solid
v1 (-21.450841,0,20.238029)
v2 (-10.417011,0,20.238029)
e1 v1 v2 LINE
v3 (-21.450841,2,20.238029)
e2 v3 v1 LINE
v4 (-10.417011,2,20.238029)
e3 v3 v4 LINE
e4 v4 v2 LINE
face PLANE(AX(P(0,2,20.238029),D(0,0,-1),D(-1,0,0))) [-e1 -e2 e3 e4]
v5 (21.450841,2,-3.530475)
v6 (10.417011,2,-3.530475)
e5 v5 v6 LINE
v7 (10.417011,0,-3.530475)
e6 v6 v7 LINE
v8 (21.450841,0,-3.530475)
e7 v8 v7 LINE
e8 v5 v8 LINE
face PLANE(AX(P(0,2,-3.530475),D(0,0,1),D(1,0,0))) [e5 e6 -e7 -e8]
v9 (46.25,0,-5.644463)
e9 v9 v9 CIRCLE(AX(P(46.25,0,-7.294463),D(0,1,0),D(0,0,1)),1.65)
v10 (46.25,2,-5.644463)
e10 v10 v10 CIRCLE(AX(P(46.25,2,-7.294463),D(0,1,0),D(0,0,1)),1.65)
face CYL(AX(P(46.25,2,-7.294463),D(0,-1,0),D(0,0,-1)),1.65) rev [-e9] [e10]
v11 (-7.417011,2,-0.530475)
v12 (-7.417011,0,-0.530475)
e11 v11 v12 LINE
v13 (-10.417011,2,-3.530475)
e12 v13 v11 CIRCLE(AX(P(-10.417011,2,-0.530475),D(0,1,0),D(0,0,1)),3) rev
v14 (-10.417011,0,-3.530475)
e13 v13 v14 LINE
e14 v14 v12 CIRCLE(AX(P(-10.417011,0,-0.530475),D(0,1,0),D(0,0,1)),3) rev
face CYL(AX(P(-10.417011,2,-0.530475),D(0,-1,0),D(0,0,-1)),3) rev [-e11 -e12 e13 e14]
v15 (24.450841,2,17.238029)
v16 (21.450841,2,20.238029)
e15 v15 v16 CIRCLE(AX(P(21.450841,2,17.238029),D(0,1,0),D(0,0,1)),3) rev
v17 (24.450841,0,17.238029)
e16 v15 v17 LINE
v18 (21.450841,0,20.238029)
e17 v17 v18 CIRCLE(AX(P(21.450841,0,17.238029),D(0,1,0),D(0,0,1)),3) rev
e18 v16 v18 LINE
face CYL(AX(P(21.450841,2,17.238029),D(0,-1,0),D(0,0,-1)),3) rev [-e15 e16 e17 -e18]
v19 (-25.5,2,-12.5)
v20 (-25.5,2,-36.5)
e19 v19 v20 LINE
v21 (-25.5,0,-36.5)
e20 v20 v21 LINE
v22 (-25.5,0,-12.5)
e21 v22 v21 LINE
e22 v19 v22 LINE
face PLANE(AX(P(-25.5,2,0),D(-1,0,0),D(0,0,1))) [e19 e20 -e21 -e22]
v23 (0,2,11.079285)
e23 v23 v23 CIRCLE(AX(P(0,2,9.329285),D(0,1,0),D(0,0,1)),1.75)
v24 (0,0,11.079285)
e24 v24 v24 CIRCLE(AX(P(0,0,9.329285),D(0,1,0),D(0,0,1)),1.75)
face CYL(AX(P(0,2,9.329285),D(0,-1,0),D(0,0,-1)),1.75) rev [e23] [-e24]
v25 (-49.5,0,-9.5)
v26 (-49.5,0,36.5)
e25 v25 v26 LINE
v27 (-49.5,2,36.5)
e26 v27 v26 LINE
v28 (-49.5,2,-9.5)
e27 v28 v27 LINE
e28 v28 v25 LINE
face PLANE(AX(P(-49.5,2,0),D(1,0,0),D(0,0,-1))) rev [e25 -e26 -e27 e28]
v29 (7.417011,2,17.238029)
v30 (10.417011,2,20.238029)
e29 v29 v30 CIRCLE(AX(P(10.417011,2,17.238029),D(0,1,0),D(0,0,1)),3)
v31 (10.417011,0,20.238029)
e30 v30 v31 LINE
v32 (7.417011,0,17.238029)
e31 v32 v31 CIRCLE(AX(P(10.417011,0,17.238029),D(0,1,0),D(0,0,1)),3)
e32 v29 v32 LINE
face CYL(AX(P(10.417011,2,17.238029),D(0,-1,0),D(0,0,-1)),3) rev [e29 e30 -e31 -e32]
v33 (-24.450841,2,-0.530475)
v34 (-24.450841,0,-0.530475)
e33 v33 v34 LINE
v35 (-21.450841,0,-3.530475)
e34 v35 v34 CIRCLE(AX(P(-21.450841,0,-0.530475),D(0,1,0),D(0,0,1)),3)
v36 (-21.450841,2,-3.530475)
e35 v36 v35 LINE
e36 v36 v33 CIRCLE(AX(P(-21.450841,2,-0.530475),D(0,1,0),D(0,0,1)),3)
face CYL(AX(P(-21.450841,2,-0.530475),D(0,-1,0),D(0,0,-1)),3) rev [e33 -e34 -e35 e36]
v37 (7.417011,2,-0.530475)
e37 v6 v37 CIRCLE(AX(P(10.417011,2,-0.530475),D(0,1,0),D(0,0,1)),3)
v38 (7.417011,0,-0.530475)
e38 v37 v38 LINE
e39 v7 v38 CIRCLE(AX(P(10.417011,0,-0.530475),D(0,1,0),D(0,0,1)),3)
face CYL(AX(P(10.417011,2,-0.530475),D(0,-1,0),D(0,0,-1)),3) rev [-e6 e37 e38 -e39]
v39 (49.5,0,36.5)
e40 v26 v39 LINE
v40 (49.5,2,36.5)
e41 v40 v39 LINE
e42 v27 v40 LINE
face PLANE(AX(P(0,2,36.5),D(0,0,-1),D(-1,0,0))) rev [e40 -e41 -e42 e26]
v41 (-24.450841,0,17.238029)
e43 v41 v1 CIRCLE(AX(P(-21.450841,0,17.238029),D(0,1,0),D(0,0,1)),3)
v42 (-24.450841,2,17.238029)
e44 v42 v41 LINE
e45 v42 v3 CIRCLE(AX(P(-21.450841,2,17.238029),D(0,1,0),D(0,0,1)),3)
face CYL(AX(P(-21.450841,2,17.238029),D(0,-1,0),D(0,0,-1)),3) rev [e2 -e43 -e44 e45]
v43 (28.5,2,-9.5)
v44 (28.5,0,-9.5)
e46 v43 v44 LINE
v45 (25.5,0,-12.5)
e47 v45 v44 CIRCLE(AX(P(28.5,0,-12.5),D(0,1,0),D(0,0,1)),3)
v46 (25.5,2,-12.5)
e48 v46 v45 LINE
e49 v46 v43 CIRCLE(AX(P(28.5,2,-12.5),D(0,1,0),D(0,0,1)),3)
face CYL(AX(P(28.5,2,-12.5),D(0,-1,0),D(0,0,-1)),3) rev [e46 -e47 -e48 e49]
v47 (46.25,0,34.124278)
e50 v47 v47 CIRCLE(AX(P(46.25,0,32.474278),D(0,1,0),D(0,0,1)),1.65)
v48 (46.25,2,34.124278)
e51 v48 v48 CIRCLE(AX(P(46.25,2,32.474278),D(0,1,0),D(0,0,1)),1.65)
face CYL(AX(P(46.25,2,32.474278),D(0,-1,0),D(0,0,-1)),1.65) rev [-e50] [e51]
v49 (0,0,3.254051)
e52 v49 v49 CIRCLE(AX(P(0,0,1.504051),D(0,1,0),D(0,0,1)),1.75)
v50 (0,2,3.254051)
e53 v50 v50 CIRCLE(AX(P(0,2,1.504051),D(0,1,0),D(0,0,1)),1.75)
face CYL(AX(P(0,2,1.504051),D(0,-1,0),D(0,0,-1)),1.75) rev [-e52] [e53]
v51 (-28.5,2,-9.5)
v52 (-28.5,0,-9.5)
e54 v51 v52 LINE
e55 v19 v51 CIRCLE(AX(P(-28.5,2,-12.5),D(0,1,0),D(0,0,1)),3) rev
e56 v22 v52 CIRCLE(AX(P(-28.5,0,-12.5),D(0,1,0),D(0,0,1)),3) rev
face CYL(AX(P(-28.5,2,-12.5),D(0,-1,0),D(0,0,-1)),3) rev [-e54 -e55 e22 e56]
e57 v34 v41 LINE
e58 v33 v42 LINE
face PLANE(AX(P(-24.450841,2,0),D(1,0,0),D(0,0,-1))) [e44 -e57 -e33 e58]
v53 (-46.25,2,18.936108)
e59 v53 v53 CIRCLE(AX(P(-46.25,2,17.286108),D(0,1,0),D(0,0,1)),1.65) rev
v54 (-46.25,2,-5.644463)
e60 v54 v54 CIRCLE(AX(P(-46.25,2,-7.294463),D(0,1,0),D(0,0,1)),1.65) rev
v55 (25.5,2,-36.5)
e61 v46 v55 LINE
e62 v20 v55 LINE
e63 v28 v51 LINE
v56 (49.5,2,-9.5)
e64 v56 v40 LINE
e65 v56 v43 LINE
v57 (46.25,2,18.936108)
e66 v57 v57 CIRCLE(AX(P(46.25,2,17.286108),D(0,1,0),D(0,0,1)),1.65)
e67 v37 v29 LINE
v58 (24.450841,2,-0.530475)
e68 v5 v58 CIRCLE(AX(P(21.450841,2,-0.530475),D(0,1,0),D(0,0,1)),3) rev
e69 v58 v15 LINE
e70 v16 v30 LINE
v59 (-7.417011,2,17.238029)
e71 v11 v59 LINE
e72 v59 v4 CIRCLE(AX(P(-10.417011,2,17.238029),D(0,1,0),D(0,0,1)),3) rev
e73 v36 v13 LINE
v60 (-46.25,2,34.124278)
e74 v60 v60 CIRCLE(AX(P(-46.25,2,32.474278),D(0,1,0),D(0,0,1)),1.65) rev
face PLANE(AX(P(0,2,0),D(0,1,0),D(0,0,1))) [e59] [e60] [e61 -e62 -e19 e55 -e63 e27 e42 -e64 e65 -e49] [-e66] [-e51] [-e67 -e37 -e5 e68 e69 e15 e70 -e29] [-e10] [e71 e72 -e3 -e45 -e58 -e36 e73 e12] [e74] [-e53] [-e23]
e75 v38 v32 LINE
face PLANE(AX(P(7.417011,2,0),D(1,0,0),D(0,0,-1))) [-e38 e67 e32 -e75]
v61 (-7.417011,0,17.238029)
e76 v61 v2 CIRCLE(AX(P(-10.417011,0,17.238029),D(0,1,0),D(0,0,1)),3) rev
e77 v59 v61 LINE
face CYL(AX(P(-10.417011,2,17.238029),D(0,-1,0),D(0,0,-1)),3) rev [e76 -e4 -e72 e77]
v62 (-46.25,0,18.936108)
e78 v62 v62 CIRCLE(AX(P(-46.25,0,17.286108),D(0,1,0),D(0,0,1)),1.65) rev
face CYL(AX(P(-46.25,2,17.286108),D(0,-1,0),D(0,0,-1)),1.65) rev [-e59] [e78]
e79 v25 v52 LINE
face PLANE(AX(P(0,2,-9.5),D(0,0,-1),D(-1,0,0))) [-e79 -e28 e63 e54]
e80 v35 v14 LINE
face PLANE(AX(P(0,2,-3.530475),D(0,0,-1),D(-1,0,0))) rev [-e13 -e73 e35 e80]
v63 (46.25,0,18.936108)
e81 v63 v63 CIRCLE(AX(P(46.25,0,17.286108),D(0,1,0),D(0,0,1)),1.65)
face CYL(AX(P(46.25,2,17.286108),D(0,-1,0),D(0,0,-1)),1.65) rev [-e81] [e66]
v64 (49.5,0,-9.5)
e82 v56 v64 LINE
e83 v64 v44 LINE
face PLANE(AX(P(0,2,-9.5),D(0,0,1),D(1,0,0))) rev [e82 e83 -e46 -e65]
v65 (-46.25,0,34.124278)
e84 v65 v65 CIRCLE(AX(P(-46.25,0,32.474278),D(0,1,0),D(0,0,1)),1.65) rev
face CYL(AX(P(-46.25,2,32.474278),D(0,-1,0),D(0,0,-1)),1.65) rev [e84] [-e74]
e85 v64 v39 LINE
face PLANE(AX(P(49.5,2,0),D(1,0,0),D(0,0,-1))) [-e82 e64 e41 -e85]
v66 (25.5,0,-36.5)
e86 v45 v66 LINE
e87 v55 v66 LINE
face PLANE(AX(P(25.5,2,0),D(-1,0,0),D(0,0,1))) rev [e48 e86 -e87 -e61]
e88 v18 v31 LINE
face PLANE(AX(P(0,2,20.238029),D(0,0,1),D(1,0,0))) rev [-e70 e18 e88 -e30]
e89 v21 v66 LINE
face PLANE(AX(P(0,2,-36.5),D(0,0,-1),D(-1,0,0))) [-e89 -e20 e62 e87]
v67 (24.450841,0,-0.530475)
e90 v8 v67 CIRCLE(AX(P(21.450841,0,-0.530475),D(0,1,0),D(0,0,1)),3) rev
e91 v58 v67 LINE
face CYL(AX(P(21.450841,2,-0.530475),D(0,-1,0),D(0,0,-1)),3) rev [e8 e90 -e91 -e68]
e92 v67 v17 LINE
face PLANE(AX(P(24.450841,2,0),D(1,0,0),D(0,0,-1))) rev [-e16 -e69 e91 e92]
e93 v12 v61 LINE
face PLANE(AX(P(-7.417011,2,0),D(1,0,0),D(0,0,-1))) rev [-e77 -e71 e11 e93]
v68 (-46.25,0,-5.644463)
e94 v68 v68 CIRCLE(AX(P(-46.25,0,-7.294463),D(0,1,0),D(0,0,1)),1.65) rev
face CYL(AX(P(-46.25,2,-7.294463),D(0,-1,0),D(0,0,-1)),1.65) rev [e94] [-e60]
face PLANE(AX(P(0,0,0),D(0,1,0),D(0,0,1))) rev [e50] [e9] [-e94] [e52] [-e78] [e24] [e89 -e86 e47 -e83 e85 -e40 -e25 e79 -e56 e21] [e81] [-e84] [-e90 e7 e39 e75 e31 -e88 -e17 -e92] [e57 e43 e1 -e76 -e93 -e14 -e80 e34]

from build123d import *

# Parameters (mm, degrees)
CROQUIS1_R              = 1.65
CROQUIS1_R_2            = 1.75
SALIENTE_EXTRUIR1_DEPTH = 2


with BuildPart() as part:
    # Croquis1 → Saliente-Extruir1 (new body)
    with BuildSketch(Plane(origin=(0, 0, 0), x_dir=(1, 0, 0), z_dir=(0, 1, 0))):
        with BuildLine():
            Line((-28.5, 9.5), (-49.5, 9.5))
            Line((-49.5, 9.5), (-49.5, -36.5))
            Line((-49.5, -36.5), (49.5, -36.5))
            Line((49.5, -36.5), (49.5, 9.5))
            Line((49.5, 9.5), (28.5, 9.5))
            ThreePointArc((28.5, 9.5), (26.378679656, 10.378679656), (25.5, 12.5))
            Line((25.5, 12.5), (25.5, 36.5))
            Line((25.5, 36.5), (-25.5, 36.5))
            Line((-25.5, 36.5), (-25.5, 12.5))
            ThreePointArc((-25.5, 12.5), (-26.378679656, 10.378679656), (-28.5, 9.5))
        make_face()
        with Locations(Location((-46.25, -32.474277755, 0), (0, 0, 270))):
            Circle(CROQUIS1_R, mode=Mode.SUBTRACT)
        with Locations(Location((-46.25, -17.286108292, 0), (0, 0, 270))):
            Circle(CROQUIS1_R, mode=Mode.SUBTRACT)
        with Locations(Location((0, -9.329285485, 0), (0, 0, 270))):
            Circle(CROQUIS1_R_2, mode=Mode.SUBTRACT)
        with BuildLine():
            ThreePointArc((-10.417011027, 3.530475001), (-8.295690684, 2.651795344), (-7.417011027, 0.530475001))
            Line((-7.417011027, 0.530475001), (-7.417011027, -17.238029314))
            ThreePointArc((-7.417011027, -17.238029314), (-8.295690684, -19.359349658), (-10.417011027, -20.238029314))
            Line((-10.417011027, -20.238029314), (-21.450841414, -20.238029314))
            ThreePointArc((-21.450841414, -20.238029314), (-23.572161757, -19.359349658), (-24.450841414, -17.238029314))
            Line((-24.450841414, -17.238029314), (-24.450841414, 0.530475001))
            ThreePointArc((-24.450841414, 0.530475001), (-23.572161757, 2.651795344), (-21.450841414, 3.530475001))
            Line((-21.450841414, 3.530475001), (-10.417011027, 3.530475001))
        make_face(mode=Mode.SUBTRACT)
        with Locations(Location((0, -1.504051409, 0), (0, 0, 270))):
            Circle(CROQUIS1_R_2, mode=Mode.SUBTRACT)
        with Locations(Location((46.25, -32.474277755, 0), (0, 0, 270))):
            Circle(CROQUIS1_R, mode=Mode.SUBTRACT)
        with BuildLine():
            Line((10.417011027, 3.530475001), (21.450841414, 3.530475001))
            ThreePointArc((21.450841414, 3.530475001), (23.572161757, 2.651795344), (24.450841414, 0.530475001))
            Line((24.450841414, 0.530475001), (24.450841414, -17.238029314))
            ThreePointArc((24.450841414, -17.238029314), (23.572161757, -19.359349658), (21.450841414, -20.238029314))
            Line((21.450841414, -20.238029314), (10.417011027, -20.238029314))
            ThreePointArc((10.417011027, -20.238029314), (8.295690684, -19.359349658), (7.417011027, -17.238029314))
            Line((7.417011027, -17.238029314), (7.417011027, 0.530475001))
            ThreePointArc((7.417011027, 0.530475001), (8.295690684, 2.651795344), (10.417011027, 3.530475001))
        make_face(mode=Mode.SUBTRACT)
        with Locations(Location((46.25, -17.286108292, 0), (0, 0, 270))):
            Circle(CROQUIS1_R, mode=Mode.SUBTRACT)
        with Locations(Location((-46.25, 7.294463352, 0), (0, 0, 270))):
            Circle(CROQUIS1_R, mode=Mode.SUBTRACT)
        with Locations(Location((46.25, 7.294463352, 0), (0, 0, 270))):
            Circle(CROQUIS1_R, mode=Mode.SUBTRACT)
    extrude(amount=SALIENTE_EXTRUIR1_DEPTH)


solid = part.part
